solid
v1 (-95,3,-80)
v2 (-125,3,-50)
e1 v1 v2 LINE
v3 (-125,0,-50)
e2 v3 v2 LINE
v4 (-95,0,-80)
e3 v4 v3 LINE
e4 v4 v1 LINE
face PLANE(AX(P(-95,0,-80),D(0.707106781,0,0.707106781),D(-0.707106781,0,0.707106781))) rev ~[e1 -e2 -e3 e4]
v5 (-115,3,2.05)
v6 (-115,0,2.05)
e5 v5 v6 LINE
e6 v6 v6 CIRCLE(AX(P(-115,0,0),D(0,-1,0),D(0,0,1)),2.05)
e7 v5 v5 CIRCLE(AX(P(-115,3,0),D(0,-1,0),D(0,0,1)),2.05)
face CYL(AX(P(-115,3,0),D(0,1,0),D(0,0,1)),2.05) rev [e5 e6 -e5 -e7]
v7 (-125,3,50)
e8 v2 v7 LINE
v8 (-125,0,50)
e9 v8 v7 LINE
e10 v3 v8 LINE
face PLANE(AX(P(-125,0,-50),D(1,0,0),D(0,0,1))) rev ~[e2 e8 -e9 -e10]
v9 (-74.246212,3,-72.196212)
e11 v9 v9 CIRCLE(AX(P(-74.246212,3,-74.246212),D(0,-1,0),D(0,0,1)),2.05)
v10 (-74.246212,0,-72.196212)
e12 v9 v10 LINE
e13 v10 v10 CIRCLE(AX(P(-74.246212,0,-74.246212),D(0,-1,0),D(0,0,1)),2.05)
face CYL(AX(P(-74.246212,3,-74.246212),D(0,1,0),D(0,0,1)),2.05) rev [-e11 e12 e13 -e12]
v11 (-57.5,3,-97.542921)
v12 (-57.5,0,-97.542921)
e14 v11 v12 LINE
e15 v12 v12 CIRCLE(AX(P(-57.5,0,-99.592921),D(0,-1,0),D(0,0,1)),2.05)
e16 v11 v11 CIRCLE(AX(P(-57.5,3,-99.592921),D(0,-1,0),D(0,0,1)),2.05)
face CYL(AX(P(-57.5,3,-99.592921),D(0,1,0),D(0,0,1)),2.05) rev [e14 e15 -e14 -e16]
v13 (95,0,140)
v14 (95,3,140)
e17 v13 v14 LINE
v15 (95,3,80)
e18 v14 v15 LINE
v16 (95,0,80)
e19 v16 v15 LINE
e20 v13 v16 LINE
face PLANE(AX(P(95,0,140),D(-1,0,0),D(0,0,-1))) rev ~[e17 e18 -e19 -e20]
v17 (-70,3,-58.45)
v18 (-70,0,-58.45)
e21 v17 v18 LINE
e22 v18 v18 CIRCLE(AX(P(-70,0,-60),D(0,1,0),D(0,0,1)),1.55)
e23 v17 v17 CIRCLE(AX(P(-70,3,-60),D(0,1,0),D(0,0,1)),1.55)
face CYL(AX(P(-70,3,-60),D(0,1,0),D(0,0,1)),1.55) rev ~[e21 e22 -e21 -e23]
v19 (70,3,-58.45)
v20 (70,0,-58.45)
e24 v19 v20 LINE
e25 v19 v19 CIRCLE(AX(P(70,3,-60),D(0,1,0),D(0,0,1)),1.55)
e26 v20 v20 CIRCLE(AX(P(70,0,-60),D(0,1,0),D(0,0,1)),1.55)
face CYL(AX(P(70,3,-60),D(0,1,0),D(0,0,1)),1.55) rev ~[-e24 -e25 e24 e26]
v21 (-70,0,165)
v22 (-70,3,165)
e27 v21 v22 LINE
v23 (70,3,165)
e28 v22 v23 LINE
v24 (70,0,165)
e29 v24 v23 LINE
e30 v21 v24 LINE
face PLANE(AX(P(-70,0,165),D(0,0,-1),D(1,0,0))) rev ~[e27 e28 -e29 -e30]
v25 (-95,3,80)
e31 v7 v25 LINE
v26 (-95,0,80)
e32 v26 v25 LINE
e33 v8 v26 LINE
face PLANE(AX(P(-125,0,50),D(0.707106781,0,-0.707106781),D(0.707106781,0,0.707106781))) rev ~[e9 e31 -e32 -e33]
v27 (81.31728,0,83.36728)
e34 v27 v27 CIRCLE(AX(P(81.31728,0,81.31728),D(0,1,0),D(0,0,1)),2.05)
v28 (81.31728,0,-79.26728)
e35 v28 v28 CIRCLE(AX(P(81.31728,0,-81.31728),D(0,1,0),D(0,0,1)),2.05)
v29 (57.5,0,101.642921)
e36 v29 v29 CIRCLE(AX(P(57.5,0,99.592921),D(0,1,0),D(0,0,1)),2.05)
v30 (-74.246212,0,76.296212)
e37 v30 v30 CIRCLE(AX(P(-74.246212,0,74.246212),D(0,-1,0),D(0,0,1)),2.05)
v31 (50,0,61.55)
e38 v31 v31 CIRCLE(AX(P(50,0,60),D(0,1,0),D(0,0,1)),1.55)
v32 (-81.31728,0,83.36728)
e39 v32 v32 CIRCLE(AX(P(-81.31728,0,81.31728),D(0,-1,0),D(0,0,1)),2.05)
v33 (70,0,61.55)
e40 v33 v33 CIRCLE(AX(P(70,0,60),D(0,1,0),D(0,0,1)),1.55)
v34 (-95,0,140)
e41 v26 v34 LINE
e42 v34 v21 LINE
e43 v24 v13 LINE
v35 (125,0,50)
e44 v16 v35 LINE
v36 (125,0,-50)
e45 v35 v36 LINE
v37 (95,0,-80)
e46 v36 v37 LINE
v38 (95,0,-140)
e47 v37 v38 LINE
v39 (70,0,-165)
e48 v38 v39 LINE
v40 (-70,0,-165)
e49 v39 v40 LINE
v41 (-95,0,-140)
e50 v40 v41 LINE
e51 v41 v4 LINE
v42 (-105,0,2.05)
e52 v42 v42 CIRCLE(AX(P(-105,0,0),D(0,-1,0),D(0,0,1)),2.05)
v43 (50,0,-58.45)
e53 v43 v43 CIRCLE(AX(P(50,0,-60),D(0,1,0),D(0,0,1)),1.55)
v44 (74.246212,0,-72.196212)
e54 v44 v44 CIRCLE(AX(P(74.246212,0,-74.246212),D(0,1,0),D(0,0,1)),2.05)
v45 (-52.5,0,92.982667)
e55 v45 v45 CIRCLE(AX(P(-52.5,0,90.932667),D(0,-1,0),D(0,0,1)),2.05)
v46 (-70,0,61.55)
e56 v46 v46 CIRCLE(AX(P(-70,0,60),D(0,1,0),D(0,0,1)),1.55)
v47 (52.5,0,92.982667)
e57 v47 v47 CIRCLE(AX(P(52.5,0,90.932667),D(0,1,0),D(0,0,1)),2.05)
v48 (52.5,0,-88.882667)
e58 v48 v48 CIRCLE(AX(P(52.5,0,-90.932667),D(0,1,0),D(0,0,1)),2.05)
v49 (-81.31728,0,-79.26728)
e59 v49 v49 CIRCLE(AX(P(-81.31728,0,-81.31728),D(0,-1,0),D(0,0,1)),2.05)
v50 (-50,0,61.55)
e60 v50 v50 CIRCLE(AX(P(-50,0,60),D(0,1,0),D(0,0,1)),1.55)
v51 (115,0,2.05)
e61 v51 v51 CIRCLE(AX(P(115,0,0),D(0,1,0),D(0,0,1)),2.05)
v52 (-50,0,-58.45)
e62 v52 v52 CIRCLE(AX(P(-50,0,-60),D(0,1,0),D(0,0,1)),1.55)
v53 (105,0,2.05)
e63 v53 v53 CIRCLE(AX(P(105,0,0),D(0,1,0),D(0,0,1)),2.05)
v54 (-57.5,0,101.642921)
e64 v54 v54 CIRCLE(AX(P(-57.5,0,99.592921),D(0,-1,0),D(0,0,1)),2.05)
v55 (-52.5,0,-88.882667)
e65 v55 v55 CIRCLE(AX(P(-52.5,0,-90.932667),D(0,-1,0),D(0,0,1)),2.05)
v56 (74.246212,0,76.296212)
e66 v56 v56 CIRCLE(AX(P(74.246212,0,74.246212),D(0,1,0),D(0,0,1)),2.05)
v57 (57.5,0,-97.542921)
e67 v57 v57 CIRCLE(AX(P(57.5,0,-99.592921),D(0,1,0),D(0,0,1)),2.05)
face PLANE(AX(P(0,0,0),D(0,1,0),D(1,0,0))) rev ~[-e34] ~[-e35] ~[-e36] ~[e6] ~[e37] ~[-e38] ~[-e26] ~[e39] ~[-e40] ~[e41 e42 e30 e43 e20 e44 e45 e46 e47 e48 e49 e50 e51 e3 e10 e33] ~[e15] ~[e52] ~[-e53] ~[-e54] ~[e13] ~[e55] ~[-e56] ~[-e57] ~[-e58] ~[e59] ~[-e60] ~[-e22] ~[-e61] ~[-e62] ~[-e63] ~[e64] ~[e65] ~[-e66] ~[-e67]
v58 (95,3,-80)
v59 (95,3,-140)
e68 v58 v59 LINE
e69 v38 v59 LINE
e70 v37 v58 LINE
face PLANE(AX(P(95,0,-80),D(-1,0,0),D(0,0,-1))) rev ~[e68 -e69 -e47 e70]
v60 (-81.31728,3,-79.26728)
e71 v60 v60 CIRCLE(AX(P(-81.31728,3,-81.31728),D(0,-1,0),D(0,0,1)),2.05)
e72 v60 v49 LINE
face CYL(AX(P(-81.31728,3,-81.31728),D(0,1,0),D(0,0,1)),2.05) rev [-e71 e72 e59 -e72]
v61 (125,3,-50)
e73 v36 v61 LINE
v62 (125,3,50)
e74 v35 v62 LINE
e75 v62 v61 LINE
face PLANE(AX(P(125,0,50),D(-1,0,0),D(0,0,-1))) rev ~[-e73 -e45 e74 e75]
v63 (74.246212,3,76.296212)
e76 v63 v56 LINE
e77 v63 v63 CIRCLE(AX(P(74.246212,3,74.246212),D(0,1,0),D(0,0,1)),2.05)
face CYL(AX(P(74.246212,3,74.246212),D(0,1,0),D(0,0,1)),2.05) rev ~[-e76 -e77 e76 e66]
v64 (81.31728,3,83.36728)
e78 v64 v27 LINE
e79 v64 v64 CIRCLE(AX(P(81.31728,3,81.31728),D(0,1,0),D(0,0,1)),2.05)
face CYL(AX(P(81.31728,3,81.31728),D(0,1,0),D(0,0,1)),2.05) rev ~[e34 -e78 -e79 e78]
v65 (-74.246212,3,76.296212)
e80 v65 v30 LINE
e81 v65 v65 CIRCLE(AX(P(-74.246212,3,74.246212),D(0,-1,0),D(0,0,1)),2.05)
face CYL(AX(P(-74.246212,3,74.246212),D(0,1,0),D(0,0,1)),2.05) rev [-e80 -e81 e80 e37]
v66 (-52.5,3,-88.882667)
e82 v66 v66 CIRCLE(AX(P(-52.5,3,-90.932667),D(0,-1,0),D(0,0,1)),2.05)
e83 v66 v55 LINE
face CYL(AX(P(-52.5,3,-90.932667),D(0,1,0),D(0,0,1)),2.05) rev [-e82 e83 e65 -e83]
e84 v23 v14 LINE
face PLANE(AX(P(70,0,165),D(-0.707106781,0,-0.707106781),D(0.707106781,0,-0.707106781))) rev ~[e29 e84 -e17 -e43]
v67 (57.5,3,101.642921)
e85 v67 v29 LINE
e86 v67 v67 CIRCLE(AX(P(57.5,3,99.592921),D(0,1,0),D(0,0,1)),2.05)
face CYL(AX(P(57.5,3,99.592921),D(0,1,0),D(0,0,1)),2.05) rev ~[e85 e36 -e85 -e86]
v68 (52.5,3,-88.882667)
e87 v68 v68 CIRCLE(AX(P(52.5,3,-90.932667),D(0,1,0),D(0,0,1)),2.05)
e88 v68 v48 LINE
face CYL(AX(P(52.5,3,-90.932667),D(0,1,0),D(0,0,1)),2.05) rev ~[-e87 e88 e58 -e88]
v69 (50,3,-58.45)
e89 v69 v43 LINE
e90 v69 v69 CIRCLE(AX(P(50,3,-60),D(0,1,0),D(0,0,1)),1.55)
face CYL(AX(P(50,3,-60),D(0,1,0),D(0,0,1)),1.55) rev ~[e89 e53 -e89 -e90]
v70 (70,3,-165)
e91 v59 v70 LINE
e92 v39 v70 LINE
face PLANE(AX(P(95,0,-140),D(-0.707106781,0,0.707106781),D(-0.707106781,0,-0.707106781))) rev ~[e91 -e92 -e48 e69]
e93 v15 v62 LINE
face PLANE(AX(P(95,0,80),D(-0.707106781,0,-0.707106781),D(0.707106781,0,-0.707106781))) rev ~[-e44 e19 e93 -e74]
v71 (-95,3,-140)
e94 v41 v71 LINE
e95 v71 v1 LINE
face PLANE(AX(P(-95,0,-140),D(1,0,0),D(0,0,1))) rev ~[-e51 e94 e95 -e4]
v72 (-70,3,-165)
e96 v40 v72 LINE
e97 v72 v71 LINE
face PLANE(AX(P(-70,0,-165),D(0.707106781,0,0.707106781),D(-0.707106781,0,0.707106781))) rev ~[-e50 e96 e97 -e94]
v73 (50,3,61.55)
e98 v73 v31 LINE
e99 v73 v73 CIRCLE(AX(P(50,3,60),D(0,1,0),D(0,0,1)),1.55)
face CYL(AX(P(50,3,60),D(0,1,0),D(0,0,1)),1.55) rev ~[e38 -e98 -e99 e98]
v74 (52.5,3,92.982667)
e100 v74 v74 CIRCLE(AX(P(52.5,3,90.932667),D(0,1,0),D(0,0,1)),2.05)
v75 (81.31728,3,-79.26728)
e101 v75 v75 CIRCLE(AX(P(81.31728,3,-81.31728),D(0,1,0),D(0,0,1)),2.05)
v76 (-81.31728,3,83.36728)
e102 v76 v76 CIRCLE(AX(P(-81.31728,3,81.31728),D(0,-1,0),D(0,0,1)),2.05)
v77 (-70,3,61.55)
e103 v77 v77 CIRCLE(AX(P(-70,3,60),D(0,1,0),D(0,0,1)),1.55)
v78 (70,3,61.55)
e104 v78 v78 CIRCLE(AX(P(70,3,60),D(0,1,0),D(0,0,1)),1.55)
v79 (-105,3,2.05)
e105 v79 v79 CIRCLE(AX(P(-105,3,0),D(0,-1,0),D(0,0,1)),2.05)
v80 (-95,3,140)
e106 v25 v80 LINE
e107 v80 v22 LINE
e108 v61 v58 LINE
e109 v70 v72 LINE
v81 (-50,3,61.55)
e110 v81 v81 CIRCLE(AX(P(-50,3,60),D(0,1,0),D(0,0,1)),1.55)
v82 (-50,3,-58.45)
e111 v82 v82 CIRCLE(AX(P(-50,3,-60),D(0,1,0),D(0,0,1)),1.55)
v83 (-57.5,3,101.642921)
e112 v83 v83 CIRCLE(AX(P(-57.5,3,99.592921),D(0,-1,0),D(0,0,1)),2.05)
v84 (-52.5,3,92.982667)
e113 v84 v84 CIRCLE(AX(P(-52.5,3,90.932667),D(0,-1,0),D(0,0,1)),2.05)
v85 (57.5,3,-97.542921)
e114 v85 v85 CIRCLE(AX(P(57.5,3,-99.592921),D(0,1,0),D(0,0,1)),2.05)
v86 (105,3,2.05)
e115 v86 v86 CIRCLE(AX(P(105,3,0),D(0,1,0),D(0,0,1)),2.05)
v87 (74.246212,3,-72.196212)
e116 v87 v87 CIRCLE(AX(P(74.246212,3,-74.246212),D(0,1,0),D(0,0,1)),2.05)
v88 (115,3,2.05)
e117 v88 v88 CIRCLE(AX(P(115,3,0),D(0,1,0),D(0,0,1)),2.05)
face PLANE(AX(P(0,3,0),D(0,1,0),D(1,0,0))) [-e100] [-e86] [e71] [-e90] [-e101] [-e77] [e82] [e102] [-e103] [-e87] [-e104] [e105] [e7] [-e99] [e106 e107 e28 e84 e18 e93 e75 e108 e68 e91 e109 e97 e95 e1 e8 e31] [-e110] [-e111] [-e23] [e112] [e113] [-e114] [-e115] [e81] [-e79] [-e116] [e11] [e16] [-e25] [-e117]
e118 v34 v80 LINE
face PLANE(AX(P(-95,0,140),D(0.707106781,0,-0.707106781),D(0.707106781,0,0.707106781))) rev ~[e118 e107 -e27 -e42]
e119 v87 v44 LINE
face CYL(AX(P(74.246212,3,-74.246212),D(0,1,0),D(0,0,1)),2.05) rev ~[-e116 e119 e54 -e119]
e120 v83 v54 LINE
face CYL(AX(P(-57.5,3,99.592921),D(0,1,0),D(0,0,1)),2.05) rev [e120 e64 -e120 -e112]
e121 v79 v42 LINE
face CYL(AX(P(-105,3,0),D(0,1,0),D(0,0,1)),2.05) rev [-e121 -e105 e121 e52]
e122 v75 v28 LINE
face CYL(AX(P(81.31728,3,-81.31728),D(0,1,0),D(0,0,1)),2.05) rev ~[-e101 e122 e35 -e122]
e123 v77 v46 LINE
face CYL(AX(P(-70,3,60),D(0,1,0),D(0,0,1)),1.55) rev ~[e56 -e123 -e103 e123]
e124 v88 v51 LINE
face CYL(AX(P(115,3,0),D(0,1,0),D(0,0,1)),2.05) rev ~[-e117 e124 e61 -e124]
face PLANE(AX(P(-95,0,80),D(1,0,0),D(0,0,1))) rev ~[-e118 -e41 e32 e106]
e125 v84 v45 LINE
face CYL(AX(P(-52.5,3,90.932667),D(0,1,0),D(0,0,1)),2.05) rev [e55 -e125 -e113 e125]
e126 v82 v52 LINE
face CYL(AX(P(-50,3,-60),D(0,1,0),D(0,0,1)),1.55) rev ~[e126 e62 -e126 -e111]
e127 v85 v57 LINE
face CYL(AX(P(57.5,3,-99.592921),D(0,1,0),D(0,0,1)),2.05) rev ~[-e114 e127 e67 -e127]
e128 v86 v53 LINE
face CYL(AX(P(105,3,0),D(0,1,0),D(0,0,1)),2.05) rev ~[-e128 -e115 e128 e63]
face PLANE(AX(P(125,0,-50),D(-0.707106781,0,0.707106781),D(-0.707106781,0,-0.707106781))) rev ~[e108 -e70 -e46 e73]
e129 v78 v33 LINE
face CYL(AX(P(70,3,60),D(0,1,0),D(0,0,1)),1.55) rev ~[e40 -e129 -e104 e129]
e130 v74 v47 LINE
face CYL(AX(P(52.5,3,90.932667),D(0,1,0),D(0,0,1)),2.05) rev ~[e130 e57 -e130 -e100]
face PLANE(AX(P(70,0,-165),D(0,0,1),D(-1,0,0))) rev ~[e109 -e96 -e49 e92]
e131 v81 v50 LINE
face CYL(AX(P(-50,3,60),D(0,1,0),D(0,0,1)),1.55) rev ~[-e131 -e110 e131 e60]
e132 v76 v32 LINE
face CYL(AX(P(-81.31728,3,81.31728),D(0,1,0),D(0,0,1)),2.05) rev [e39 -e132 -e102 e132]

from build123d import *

# Parameters (mm, degrees)
BOSS_EXTRUDE1_DEPTH  = 3
SKETCH2_R            = 2.05
CUT_EXTRUDE1_DEPTH   = 3
SKETCH5_R            = 1.55
CUT_EXTRUDE2_DEPTH   = 3
LPATTERN1_COUNT      = 2
LPATTERN1_PITCH      = 120
LPATTERN1_COUNT_DIR2 = 2
LPATTERN1_PITCH_DIR2 = 120


with BuildPart() as part:
    # Sketch1 → Boss-Extrude1 (new body)
    with BuildSketch(Plane(origin=(0, 0, 0), x_dir=(1, 0, 0), z_dir=(0, 1, 0))):
        Polygon((-70, 165), (-95, 140), (-95, 80), (-125, 50), (-125, -50), (-95, -80), (-95, -140), (-70, -165), (70, -165), (95, -140), (95, -80), (125, -50), (125, 50), (95, 80), (95, 140), (70, 165), align=None)
    extrude(amount=BOSS_EXTRUDE1_DEPTH)

    # Sketch2 → Cut-Extrude1 (cut)
    with BuildSketch(Plane(origin=(0, 3, 0), x_dir=(1, 0, 0), z_dir=(0, 1, 0))):
        with Locations(Location((57.5, 99.592921435, 0), (0, 0, 270))):
            Circle(SKETCH2_R)
        with Locations(Location((52.5, 90.932667397, 0), (0, 0, 270))):
            Circle(SKETCH2_R)
        with Locations(Location((52.5, -90.932667397, 0), (0, 0, 270))):
            Circle(SKETCH2_R)
        with Locations(Location((57.5, -99.592921435, 0), (0, 0, 270))):
            Circle(SKETCH2_R)
        with Locations(Location((105, 0, 0), (0, 0, 270))):
            Circle(SKETCH2_R)
        with Locations(Location((115, 0, 0), (0, 0, 270))):
            Circle(SKETCH2_R)
        with Locations(Location((74.246212025, 74.246212025, 0), (0, 0, 270))):
            Circle(SKETCH2_R)
        with Locations(Location((81.317279836, 81.317279836, 0), (0, 0, 270))):
            Circle(SKETCH2_R)
        with Locations(Location((74.246212025, -74.246212025, 0), (0, 0, 270))):
            Circle(SKETCH2_R)
        with Locations(Location((81.317279836, -81.317279836, 0), (0, 0, 270))):
            Circle(SKETCH2_R)
    cut_extrude1 = extrude(amount=-CUT_EXTRUDE1_DEPTH, mode=Mode.SUBTRACT)

    # Mirror1: Cut-Extrude1 across plane
    add(cut_extrude1.mirror(Plane(origin=(0, 0, 0), x_dir=(0, 0, 1), z_dir=(1, 0, 0))), mode=Mode.SUBTRACT)

    # Sketch5 → Cut-Extrude2 (cut)
    with BuildSketch(Plane(origin=(0, 3, 0), x_dir=(1, 0, 0), z_dir=(0, 1, 0))):
        with Locations(Location((50, 60, 0), (0, 0, 270))):
            Circle(SKETCH5_R)
        with Locations(Location((70, 60, 0), (0, 0, 270))):
            Circle(SKETCH5_R)
    cut_extrude2 = extrude(amount=-CUT_EXTRUDE2_DEPTH, mode=Mode.SUBTRACT)

    # LPattern1: Cut-Extrude2 2 × 2
    with Locations(*[(-j * LPATTERN1_PITCH_DIR2, 0, i * LPATTERN1_PITCH) for i in range(LPATTERN1_COUNT) for j in range(LPATTERN1_COUNT_DIR2) if (i, j) != (0, 0)]):
        add(cut_extrude2, mode=Mode.SUBTRACT)


solid = part.part
